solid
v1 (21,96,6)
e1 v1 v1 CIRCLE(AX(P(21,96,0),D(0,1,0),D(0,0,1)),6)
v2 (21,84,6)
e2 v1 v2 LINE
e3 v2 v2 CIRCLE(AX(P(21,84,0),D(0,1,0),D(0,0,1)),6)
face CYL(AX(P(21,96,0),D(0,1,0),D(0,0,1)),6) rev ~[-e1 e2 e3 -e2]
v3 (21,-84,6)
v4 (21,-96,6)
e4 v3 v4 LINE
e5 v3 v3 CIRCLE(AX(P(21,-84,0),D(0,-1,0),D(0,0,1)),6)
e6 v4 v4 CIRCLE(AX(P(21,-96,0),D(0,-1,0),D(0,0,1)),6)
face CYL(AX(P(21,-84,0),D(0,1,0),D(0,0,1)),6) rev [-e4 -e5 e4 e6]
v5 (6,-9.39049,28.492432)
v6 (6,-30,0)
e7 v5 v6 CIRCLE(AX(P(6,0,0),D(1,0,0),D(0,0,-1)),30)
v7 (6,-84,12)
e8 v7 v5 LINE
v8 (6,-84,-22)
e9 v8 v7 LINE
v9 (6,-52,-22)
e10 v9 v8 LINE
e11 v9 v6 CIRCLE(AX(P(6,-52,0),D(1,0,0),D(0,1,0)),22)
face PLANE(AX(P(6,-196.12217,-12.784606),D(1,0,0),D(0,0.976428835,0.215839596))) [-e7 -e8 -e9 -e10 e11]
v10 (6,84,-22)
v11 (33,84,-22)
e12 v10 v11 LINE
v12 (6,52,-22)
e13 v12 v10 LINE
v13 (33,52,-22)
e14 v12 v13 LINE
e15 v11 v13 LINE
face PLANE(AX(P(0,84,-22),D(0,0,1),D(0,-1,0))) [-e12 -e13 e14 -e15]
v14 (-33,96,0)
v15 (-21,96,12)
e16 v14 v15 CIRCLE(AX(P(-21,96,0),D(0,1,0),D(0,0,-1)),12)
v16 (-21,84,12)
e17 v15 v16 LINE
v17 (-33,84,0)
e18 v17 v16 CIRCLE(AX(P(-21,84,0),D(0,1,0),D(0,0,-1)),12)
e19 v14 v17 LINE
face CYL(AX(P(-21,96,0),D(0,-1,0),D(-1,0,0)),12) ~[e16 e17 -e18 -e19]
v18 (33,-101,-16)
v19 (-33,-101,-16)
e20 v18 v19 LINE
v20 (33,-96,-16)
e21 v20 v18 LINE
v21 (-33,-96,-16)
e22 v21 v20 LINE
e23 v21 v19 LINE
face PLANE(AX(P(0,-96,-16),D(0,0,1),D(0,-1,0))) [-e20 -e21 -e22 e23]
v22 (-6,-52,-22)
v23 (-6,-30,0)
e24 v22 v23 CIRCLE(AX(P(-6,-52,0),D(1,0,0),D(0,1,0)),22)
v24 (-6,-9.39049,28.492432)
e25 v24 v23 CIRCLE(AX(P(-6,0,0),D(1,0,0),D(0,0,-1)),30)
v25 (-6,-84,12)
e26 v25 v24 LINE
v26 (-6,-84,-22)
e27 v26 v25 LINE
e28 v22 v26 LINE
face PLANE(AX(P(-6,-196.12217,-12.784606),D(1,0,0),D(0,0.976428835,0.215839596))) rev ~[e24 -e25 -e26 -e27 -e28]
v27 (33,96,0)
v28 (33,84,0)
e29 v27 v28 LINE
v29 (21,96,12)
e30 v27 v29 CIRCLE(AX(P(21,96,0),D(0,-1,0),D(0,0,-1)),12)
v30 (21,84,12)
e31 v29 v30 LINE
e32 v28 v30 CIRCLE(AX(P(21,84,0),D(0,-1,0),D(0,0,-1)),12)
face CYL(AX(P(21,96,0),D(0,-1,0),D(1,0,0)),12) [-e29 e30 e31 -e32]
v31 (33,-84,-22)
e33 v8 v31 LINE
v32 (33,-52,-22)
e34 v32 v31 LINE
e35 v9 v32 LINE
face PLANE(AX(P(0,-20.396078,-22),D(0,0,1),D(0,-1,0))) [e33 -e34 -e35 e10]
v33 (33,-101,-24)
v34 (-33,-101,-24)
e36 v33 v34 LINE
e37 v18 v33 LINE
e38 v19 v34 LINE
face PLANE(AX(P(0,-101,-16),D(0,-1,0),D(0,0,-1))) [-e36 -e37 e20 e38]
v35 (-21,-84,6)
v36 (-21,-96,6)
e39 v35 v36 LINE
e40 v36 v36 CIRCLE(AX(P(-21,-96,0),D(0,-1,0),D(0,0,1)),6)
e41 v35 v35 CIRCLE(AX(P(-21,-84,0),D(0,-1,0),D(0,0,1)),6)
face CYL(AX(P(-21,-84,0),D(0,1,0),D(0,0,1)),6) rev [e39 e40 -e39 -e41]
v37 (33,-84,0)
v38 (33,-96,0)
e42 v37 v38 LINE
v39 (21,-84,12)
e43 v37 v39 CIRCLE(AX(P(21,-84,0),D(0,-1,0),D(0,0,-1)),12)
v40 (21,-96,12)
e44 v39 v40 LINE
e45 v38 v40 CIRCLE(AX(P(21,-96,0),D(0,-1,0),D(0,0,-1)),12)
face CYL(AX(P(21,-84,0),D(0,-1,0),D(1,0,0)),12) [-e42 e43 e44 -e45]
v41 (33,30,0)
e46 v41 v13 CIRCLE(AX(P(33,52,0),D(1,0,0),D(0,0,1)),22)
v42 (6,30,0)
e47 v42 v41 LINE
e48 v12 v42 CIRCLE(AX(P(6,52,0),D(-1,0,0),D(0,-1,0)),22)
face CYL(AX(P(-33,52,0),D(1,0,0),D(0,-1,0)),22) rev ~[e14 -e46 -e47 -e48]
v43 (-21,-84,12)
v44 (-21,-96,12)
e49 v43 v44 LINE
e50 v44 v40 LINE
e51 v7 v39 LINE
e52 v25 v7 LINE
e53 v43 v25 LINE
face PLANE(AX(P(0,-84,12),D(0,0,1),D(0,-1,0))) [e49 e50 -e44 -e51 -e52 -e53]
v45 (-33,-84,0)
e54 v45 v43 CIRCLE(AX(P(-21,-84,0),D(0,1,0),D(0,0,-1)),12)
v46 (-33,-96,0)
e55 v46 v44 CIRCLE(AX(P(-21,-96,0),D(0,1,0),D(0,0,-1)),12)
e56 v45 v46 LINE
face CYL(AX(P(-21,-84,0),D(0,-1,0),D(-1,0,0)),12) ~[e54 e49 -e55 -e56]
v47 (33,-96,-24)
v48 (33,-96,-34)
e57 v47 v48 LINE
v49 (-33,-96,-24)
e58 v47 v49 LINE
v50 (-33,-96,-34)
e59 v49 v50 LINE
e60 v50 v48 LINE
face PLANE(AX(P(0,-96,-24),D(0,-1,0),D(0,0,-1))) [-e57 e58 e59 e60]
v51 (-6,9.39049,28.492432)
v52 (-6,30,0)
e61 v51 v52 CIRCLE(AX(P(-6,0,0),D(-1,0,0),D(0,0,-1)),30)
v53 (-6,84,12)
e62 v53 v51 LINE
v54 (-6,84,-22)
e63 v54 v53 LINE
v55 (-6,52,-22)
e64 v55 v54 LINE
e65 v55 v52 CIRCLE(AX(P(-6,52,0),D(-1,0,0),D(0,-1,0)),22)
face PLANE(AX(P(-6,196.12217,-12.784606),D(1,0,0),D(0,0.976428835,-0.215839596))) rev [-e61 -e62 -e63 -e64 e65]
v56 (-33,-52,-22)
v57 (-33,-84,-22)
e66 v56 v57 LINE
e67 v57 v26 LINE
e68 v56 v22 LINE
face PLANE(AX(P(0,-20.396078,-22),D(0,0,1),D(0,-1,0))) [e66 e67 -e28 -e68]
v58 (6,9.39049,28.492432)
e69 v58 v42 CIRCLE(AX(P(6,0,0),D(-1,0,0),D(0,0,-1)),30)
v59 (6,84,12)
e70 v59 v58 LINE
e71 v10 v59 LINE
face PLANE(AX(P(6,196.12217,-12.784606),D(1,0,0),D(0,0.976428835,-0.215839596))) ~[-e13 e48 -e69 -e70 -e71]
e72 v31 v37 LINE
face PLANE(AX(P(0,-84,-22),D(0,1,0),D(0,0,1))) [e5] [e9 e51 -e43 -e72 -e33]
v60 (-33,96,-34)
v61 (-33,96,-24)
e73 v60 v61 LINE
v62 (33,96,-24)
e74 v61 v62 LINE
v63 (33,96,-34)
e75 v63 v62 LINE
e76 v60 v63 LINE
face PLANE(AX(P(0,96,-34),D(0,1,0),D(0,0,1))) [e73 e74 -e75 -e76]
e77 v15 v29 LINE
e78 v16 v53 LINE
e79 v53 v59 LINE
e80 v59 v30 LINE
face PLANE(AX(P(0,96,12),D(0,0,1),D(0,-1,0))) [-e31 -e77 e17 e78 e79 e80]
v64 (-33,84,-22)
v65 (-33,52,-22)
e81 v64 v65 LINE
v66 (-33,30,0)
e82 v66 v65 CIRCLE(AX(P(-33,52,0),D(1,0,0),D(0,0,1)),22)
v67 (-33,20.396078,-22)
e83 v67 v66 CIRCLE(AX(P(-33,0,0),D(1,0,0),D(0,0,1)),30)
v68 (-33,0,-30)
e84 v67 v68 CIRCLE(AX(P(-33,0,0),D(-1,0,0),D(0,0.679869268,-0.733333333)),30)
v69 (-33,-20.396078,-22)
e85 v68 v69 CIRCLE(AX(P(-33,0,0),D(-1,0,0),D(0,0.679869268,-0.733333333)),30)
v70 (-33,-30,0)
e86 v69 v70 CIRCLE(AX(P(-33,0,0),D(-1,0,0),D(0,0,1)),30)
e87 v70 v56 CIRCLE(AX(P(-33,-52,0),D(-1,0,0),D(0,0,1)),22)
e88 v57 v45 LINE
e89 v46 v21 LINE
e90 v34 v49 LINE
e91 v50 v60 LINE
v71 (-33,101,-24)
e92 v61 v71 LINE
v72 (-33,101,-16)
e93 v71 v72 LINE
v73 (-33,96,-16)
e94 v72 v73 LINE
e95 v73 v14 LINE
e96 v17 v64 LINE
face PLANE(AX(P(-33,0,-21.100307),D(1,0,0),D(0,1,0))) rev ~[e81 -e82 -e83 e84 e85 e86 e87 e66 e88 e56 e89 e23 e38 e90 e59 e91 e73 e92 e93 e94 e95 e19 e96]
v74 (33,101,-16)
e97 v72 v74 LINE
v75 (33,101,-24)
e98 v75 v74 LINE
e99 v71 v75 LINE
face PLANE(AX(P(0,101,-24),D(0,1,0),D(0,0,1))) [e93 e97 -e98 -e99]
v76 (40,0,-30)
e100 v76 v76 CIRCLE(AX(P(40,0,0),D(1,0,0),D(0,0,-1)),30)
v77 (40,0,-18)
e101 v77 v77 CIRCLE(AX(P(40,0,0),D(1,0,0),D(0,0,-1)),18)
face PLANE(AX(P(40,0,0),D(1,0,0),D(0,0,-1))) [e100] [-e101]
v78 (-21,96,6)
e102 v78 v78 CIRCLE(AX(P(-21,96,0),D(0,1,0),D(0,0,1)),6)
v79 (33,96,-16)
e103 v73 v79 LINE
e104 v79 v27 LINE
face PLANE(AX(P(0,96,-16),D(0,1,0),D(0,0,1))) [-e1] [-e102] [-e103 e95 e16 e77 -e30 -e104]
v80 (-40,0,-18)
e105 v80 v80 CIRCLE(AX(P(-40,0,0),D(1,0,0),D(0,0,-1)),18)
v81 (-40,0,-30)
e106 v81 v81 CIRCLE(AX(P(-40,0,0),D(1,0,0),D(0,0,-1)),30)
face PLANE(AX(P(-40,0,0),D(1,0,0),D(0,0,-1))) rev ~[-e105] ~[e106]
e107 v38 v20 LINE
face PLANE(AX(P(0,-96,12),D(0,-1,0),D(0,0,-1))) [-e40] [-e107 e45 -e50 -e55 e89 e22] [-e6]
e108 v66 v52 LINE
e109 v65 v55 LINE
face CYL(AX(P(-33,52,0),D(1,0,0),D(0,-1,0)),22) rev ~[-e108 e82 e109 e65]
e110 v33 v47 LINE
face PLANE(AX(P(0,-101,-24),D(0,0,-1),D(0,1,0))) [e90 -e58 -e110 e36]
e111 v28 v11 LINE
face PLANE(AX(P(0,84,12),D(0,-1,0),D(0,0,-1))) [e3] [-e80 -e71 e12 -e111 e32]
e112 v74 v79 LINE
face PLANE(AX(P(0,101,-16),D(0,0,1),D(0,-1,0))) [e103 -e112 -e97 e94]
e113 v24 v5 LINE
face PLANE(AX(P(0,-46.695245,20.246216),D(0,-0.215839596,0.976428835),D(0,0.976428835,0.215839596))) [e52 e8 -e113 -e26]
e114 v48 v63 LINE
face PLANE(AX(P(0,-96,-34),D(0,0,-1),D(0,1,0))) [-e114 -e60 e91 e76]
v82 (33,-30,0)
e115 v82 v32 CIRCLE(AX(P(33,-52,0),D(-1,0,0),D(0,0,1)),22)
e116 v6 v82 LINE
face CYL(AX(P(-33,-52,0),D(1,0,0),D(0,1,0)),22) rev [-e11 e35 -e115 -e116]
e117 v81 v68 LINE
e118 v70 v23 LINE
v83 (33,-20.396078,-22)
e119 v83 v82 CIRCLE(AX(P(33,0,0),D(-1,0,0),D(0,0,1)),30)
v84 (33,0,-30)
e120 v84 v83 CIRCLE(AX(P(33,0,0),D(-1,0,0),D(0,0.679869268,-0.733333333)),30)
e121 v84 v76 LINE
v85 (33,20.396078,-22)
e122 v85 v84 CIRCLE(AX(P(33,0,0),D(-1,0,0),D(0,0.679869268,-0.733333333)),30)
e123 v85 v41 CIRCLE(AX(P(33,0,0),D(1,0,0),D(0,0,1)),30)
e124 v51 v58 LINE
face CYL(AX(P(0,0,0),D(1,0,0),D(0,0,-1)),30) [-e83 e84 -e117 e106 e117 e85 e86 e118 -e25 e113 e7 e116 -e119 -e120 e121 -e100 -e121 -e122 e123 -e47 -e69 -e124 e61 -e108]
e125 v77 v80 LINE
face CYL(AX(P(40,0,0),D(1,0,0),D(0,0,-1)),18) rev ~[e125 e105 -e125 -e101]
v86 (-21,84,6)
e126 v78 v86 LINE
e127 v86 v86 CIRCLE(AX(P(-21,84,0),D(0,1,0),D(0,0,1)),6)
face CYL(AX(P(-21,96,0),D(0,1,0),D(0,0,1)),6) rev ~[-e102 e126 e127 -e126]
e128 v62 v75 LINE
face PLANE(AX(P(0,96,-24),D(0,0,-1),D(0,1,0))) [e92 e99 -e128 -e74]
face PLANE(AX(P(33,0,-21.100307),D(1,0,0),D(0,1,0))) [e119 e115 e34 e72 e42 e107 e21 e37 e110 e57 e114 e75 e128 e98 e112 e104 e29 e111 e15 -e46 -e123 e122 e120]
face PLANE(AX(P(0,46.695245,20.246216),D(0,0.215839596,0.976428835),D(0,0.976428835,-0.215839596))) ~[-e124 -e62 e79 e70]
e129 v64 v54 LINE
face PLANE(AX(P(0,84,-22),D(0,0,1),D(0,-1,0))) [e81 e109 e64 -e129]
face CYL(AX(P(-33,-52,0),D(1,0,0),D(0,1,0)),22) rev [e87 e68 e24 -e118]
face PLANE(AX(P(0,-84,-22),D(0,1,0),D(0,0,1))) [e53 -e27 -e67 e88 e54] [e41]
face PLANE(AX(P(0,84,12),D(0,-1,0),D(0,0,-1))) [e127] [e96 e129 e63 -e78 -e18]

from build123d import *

# Parameters (mm, degrees)
BOSS_EXTRUDE1_DEPTH = 33
SKETCH1_3_R         = 30
BOSS_EXTRUDE2_DEPTH = 40
FILLET1_R           = 22
RIB1_REACH          = 115.829
SKETCH2_WALL_W      = 306.068234896
SKETCH2_WALL_H      = 12
FILLET2_R           = 12
SKETCH3_R           = 6
CUT_EXTRUDE1_DEPTH  = 12
CUT_EXTRUDE2_START  = -12
SKETCH4_R           = 6
CUT_EXTRUDE2_DEPTH  = 12
SKETCH5_R           = 18
CUT_EXTRUDE3_DEPTH  = 80


with BuildPart() as part:
    # Sketch1 → Boss-Extrude1 (new, symmetric)
    with BuildSketch(Plane.YZ):
        with BuildLine():
            Line((-96, -24), (-96, -34))
            Line((-96, -34), (96, -34))
            Line((96, -34), (96, -24))
            Line((96, -24), (101, -24))
            Line((101, -24), (101, -16))
            Line((101, -16), (96, -16))
            Line((96, -16), (96, 12))
            Line((96, 12), (84, 12))
            Line((84, 12), (84, -22))
            Line((84, -22), (20.396078054, -22))
            ThreePointArc((20.396078054, -22), (0, -30), (-20.396078054, -22))
            Line((-20.396078054, -22), (-84, -22))
            Line((-84, -22), (-84, 12))
            Line((-84, 12), (-96, 12))
            Line((-96, 12), (-96, -16))
            Line((-96, -16), (-101, -16))
            Line((-101, -16), (-101, -24))
            Line((-101, -24), (-96, -24))
        make_face()
    extrude(amount=BOSS_EXTRUDE1_DEPTH, both=True)

    # Sketch1<3> → Boss-Extrude2 (add, symmetric)
    with BuildSketch(Plane.YZ):
        with Locations(Location((0, 0, 0), (0, 0, 270))):
            Circle(SKETCH1_3_R)
    extrude(amount=BOSS_EXTRUDE2_DEPTH, both=True)

    # Fillet1
    fillet1_edges = [part.edges().sort_by_distance(p)[0] for p in [
        (0, 20.396078054, -22),
        (0, -20.396078054, -22),
    ]]
    fillet(fillet1_edges, radius=FILLET1_R)

    # Sketch2 wall → Rib1 (add, up to next)
    with BuildSketch(Plane(origin=(0, -46.695244813, 20.246216205), x_dir=(0, 0.97642883454, 0.215839595718), z_dir=(0, -0.215839595718, 0.97642883454)), mode=Mode.PRIVATE) as rib1_sk1:
        Rectangle(SKETCH2_WALL_W, SKETCH2_WALL_H)
    rib1_tool1 = extrude(rib1_sk1.sketch, amount=-RIB1_REACH, mode=Mode.PRIVATE) - part.part
    rib1 = rib1_tool1.solids().sort_by_distance((0, -46.695244813, 20.246216205))[0]
    add(rib1)

    # Mirror1: Rib1 across plane
    add(rib1.mirror(Plane.ZX))

    # Fillet2
    fillet2_edges = [part.edges().sort_by_distance(p)[0] for p in [
        (-33, 90, 12),
        (33, -90, 12),
        (-33, -90, 12),
        (33, 90, 12),
    ]]
    fillet(fillet2_edges, radius=FILLET2_R)

    # Sketch3 → Cut-Extrude1 (cut)
    with BuildSketch(Plane(origin=(0, 96, 0), x_dir=(-1, 0, 0), z_dir=(0, 1, 0))):
        with Locations(Location((-21, 0, 0), (0, 0, 90))):
            Circle(SKETCH3_R)
        with Locations(Location((21, 0, 0), (0, 0, 90))):
            Circle(SKETCH3_R)
    extrude(amount=-CUT_EXTRUDE1_DEPTH, mode=Mode.SUBTRACT)

    # Sketch4 → Cut-Extrude2 (cut)
    with BuildSketch(Plane.XZ.offset(96).offset(CUT_EXTRUDE2_START)):
        with Locations(Location((-21, 0, 0), (0, 0, 90))):
            Circle(SKETCH4_R)
        with Locations(Location((21, 0, 0), (0, 0, 90))):
            Circle(SKETCH4_R)
    extrude(amount=CUT_EXTRUDE2_DEPTH, mode=Mode.SUBTRACT)

    # Sketch5 → Cut-Extrude3 (cut)
    with BuildSketch(Plane.YZ.offset(40)):
        with Locations(Location((0, 0, 0), (0, 0, 270))):
            Circle(SKETCH5_R)
    extrude(amount=-CUT_EXTRUDE3_DEPTH, mode=Mode.SUBTRACT)


solid = part.part
